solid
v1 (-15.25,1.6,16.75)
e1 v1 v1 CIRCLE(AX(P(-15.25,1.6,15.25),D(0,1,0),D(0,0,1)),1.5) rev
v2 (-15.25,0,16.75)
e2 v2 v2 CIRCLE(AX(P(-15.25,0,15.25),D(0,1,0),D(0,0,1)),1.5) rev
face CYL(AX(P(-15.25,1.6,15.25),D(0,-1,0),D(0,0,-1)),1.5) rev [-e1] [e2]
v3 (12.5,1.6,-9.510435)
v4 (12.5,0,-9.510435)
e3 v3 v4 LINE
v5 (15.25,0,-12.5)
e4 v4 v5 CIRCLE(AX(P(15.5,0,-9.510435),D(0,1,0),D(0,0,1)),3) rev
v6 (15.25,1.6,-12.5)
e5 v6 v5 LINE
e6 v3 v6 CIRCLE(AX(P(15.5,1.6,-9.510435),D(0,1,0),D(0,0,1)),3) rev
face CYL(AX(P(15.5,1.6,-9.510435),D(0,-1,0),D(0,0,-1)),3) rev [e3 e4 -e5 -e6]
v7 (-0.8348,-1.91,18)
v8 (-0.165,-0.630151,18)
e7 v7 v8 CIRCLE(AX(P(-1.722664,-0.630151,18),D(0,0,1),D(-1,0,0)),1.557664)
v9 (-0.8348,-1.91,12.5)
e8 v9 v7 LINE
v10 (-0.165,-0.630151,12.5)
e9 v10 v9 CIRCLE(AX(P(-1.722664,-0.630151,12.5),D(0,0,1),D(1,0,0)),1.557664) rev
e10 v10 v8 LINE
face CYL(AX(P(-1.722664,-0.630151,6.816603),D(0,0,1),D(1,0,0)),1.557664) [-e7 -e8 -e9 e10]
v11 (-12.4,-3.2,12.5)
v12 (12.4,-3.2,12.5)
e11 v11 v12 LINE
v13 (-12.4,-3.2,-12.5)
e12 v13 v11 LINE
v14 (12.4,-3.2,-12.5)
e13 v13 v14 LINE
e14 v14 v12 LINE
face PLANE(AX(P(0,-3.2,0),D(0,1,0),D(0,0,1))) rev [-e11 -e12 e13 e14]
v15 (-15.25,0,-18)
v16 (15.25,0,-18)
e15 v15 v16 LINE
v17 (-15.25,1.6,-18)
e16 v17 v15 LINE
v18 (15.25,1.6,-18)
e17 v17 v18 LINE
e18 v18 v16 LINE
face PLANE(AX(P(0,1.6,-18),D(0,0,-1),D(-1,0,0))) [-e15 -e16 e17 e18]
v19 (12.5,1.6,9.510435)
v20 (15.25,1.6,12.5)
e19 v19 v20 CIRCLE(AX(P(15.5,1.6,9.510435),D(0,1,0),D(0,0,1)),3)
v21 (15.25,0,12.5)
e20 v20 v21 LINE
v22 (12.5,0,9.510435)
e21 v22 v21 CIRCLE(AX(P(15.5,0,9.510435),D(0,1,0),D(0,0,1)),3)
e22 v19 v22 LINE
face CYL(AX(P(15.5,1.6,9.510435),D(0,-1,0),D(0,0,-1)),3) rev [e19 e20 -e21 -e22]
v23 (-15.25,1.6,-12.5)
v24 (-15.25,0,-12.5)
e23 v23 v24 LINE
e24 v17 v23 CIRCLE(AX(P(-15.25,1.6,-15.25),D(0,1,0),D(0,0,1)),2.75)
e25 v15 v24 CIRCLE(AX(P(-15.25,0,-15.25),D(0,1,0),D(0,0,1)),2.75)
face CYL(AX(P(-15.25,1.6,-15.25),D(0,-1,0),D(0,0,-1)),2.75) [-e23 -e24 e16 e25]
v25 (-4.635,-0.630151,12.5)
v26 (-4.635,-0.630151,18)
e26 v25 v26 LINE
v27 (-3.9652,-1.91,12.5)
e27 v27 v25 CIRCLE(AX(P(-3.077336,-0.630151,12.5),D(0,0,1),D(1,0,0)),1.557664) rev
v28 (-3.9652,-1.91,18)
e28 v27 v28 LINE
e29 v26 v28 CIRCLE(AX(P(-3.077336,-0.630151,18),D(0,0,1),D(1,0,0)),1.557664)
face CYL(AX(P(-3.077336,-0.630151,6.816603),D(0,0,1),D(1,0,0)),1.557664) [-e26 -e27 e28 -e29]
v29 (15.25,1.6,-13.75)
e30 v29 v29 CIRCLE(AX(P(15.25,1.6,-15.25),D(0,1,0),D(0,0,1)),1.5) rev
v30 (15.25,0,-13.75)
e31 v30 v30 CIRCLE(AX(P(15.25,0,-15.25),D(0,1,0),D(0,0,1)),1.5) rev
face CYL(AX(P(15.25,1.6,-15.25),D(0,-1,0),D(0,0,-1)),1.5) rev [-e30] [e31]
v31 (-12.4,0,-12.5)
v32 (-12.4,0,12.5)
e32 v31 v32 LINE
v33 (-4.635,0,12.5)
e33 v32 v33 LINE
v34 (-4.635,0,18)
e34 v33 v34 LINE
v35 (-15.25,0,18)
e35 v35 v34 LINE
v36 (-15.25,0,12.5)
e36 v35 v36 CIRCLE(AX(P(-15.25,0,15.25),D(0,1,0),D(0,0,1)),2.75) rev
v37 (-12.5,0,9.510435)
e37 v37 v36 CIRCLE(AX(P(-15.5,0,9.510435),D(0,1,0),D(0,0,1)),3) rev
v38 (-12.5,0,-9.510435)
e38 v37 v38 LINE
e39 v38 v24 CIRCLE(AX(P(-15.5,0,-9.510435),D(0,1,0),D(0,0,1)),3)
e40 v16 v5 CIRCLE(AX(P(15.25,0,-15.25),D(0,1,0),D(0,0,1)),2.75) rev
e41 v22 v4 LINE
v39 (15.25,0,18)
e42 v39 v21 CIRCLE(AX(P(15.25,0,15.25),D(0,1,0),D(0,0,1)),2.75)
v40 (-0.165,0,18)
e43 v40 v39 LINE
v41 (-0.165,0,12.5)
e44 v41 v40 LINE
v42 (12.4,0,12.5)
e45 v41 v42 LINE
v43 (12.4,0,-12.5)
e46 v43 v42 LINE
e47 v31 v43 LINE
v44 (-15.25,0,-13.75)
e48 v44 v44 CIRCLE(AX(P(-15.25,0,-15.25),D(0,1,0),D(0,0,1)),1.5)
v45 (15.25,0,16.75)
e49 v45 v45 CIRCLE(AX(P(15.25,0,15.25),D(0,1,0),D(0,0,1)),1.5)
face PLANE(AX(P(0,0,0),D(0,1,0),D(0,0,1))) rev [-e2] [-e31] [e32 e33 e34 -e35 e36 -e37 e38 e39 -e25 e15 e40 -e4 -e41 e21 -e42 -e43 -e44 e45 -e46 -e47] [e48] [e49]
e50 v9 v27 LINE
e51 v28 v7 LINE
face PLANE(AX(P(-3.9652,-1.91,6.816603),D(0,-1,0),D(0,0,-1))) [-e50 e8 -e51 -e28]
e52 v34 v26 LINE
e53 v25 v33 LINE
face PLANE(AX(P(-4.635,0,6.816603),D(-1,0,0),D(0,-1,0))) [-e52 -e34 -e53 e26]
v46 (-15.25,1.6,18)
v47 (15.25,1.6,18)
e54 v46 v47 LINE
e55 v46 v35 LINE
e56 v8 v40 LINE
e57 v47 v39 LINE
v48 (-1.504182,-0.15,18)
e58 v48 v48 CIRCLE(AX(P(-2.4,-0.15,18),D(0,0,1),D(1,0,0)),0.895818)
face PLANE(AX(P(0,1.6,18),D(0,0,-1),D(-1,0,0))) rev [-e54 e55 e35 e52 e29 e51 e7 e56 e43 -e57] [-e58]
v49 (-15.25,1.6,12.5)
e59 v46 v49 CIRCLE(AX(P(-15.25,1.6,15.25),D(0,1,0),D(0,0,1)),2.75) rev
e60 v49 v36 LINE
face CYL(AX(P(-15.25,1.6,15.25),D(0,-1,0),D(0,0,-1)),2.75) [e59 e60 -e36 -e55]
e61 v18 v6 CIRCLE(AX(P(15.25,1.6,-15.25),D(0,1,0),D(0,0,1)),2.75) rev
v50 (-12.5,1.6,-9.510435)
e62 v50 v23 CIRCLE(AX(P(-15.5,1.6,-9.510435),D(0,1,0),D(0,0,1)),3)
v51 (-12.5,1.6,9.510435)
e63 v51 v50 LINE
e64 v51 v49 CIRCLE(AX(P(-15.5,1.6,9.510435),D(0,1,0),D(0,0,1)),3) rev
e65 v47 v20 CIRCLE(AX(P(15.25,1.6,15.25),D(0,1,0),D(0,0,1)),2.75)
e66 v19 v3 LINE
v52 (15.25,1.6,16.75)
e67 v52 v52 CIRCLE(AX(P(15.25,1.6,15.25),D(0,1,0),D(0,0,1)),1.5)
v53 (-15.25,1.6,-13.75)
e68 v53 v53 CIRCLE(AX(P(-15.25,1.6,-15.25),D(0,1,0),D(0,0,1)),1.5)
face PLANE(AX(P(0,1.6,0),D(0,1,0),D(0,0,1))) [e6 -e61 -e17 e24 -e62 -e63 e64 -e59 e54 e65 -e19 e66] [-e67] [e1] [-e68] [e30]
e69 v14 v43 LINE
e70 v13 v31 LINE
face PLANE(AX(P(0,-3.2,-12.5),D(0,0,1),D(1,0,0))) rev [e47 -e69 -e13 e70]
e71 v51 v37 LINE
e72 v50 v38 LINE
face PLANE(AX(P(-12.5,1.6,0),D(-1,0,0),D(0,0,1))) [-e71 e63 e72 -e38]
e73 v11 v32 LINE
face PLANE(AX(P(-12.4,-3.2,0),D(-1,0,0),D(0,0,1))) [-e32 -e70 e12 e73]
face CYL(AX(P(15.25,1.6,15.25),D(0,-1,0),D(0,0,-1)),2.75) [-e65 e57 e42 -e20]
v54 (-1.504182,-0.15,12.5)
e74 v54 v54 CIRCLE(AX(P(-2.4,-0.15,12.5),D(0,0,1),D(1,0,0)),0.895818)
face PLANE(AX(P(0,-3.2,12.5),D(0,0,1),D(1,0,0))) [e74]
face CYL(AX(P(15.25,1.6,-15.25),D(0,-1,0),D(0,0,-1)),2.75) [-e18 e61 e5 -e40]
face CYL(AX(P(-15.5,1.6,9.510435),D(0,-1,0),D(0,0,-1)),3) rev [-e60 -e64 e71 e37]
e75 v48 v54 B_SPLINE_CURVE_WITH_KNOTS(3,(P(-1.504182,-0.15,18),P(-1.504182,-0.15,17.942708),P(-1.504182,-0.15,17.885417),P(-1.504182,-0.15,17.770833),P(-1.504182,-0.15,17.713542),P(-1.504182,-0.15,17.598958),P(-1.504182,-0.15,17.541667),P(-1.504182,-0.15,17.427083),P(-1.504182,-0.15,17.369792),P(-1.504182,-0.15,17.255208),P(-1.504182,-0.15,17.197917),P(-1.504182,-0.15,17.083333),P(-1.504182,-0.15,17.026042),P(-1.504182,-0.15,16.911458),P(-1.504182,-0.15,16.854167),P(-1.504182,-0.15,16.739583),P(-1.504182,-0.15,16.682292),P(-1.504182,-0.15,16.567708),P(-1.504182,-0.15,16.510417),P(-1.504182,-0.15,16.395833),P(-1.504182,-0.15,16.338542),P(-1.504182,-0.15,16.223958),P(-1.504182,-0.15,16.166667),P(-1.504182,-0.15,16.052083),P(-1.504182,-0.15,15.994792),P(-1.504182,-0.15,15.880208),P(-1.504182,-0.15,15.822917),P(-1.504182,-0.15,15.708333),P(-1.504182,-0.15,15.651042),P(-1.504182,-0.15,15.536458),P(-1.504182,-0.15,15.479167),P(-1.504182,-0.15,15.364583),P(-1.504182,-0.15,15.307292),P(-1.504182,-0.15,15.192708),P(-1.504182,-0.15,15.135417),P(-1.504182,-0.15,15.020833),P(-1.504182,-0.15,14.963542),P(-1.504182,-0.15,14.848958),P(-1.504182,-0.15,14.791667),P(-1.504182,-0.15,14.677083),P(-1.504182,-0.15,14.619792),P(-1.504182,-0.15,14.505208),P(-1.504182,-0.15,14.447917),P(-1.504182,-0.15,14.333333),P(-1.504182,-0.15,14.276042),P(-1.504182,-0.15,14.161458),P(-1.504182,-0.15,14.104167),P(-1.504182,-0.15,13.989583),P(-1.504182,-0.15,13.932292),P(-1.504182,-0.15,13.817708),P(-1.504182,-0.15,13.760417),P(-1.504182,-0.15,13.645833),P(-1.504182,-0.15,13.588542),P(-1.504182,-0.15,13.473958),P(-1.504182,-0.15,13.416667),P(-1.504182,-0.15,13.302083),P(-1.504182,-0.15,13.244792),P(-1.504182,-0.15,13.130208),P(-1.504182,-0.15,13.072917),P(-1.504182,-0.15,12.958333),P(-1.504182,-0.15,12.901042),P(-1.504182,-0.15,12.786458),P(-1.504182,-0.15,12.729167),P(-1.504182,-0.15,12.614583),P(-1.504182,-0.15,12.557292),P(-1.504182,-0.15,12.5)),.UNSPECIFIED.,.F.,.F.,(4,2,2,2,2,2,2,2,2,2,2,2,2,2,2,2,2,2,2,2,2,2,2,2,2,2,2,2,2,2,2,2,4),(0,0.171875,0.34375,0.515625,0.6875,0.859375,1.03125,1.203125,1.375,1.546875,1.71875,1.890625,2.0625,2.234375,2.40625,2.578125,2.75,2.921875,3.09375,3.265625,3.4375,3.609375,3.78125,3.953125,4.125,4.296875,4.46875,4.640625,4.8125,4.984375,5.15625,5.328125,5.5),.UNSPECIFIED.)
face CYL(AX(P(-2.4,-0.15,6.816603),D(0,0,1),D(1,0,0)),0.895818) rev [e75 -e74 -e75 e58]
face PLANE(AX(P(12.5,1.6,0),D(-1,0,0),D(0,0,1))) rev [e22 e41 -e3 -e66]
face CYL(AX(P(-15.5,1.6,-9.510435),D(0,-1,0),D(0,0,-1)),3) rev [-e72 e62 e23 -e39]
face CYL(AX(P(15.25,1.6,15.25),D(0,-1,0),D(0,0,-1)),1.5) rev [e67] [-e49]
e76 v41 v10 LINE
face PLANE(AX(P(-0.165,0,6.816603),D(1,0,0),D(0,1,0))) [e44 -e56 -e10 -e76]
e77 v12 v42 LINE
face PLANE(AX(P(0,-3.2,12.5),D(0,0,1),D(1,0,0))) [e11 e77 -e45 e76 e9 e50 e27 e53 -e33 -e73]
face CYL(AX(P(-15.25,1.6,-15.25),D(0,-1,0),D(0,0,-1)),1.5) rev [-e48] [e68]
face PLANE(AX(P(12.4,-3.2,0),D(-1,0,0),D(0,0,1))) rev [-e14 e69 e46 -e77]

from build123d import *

# Parameters (mm, degrees)
SKETCH1_R           = 1.5
BOSS_EXTRUDE1_DEPTH = 1.6
SKETCH1_3_W         = 24.8
SKETCH1_3_H         = 25
BOSS_EXTRUDE2_DEPTH = 3.2
SKETCH2_R           = 0.895817692
BOSS_EXTRUDE3_DEPTH = 5.5
CUT_EXTRUDE1_DEPTH  = 5.5


with BuildPart() as part:
    # Sketch1 → Boss-Extrude1 (new body)
    with BuildSketch(Plane(origin=(0, 0, 0), x_dir=(1, 0, 0), z_dir=(0, 1, 0))):
        with BuildLine():
            Line((-12.5, 9.510434814), (-12.5, -9.510434814))
            ThreePointArc((-12.5, -9.510434814), (-13.292059783, -11.541444415), (-15.25, -12.5))
            ThreePointArc((-15.25, -12.5), (-18, -15.25), (-15.25, -18))
            Line((-15.25, -18), (15.25, -18))
            ThreePointArc((15.25, -18), (18, -15.25), (15.25, -12.5))
            ThreePointArc((15.25, -12.5), (13.292059783, -11.541444415), (12.5, -9.510434814))
            Line((12.5, -9.510434814), (12.5, 9.510434814))
            ThreePointArc((12.5, 9.510434814), (13.292059783, 11.541444415), (15.25, 12.5))
            ThreePointArc((15.25, 12.5), (18, 15.25), (15.25, 18))
            Line((15.25, 18), (-15.25, 18))
            ThreePointArc((-15.25, 18), (-18, 15.25), (-15.25, 12.5))
            ThreePointArc((-15.25, 12.5), (-13.292059783, 11.541444415), (-12.5, 9.510434814))
        make_face()
        with Locations(Location((-15.25, -15.25, 0), (0, 0, 270))):
            Circle(SKETCH1_R, mode=Mode.SUBTRACT)
        with Locations(Location((-15.25, 15.25, 0), (0, 0, 270))):
            Circle(SKETCH1_R, mode=Mode.SUBTRACT)
        with Locations(Location((15.25, -15.25, 0), (0, 0, 270))):
            Circle(SKETCH1_R, mode=Mode.SUBTRACT)
        with Locations(Location((15.25, 15.25, 0), (0, 0, 270))):
            Circle(SKETCH1_R, mode=Mode.SUBTRACT)
    extrude(amount=BOSS_EXTRUDE1_DEPTH)

    # Sketch1<3> → Boss-Extrude2 (add)
    with BuildSketch(Plane(origin=(0, 0, 0), x_dir=(1, 0, 0), z_dir=(0, 1, 0))):
        Rectangle(SKETCH1_3_W, SKETCH1_3_H)
    extrude(amount=-BOSS_EXTRUDE2_DEPTH)

    # Sketch2 → Boss-Extrude3 (add)
    with BuildSketch(Plane.XY.offset(18)):
        with BuildLine():
            Line((-4.635, 0), (-4.1, 0))
            Line((-4.1, 0), (-4.1, 1.6))
            Line((-4.1, 1.6), (-0.7, 1.6))
            Line((-0.7, 1.6), (-0.7, 0))
            Line((-0.7, 0), (-0.165, 0))
            Line((-0.165, 0), (-0.165, -0.630150614))
            ThreePointArc((-0.165, -0.630150614), (-0.342571379, -1.352412026), (-0.834799774, -1.91))
            Line((-0.834799774, -1.91), (-3.965200226, -1.91))
            ThreePointArc((-3.965200226, -1.91), (-4.457428621, -1.352412026), (-4.635, -0.630150614))
            Line((-4.635, -0.630150614), (-4.635, 0))
        make_face()
        with Locations((-2.4, -0.15)):
            Circle(SKETCH2_R, mode=Mode.SUBTRACT)
    extrude(amount=-BOSS_EXTRUDE3_DEPTH)

    # Sketch2<2> → Cut-Extrude1 (cut)
    with BuildSketch(Plane.XY.offset(18)):
        with BuildLine():
            Line((-1.51682995, 0), (-3.28317005, 0))
            ThreePointArc((-3.28317005, 0), (-2.475266133, -1.042650182), (-1.504182308, -0.15))
            ThreePointArc((-1.504182308, -0.15), (-1.507349818, -0.074733867), (-1.51682995, 0))
        make_face()
        with BuildLine():
            ThreePointArc((-1.51682995, 0), (-2.4, 0.745817692), (-3.28317005, 0))
            Line((-3.28317005, 0), (-1.51682995, 0))
        make_face()
    extrude(amount=-CUT_EXTRUDE1_DEPTH, mode=Mode.SUBTRACT)


solid = part.part
